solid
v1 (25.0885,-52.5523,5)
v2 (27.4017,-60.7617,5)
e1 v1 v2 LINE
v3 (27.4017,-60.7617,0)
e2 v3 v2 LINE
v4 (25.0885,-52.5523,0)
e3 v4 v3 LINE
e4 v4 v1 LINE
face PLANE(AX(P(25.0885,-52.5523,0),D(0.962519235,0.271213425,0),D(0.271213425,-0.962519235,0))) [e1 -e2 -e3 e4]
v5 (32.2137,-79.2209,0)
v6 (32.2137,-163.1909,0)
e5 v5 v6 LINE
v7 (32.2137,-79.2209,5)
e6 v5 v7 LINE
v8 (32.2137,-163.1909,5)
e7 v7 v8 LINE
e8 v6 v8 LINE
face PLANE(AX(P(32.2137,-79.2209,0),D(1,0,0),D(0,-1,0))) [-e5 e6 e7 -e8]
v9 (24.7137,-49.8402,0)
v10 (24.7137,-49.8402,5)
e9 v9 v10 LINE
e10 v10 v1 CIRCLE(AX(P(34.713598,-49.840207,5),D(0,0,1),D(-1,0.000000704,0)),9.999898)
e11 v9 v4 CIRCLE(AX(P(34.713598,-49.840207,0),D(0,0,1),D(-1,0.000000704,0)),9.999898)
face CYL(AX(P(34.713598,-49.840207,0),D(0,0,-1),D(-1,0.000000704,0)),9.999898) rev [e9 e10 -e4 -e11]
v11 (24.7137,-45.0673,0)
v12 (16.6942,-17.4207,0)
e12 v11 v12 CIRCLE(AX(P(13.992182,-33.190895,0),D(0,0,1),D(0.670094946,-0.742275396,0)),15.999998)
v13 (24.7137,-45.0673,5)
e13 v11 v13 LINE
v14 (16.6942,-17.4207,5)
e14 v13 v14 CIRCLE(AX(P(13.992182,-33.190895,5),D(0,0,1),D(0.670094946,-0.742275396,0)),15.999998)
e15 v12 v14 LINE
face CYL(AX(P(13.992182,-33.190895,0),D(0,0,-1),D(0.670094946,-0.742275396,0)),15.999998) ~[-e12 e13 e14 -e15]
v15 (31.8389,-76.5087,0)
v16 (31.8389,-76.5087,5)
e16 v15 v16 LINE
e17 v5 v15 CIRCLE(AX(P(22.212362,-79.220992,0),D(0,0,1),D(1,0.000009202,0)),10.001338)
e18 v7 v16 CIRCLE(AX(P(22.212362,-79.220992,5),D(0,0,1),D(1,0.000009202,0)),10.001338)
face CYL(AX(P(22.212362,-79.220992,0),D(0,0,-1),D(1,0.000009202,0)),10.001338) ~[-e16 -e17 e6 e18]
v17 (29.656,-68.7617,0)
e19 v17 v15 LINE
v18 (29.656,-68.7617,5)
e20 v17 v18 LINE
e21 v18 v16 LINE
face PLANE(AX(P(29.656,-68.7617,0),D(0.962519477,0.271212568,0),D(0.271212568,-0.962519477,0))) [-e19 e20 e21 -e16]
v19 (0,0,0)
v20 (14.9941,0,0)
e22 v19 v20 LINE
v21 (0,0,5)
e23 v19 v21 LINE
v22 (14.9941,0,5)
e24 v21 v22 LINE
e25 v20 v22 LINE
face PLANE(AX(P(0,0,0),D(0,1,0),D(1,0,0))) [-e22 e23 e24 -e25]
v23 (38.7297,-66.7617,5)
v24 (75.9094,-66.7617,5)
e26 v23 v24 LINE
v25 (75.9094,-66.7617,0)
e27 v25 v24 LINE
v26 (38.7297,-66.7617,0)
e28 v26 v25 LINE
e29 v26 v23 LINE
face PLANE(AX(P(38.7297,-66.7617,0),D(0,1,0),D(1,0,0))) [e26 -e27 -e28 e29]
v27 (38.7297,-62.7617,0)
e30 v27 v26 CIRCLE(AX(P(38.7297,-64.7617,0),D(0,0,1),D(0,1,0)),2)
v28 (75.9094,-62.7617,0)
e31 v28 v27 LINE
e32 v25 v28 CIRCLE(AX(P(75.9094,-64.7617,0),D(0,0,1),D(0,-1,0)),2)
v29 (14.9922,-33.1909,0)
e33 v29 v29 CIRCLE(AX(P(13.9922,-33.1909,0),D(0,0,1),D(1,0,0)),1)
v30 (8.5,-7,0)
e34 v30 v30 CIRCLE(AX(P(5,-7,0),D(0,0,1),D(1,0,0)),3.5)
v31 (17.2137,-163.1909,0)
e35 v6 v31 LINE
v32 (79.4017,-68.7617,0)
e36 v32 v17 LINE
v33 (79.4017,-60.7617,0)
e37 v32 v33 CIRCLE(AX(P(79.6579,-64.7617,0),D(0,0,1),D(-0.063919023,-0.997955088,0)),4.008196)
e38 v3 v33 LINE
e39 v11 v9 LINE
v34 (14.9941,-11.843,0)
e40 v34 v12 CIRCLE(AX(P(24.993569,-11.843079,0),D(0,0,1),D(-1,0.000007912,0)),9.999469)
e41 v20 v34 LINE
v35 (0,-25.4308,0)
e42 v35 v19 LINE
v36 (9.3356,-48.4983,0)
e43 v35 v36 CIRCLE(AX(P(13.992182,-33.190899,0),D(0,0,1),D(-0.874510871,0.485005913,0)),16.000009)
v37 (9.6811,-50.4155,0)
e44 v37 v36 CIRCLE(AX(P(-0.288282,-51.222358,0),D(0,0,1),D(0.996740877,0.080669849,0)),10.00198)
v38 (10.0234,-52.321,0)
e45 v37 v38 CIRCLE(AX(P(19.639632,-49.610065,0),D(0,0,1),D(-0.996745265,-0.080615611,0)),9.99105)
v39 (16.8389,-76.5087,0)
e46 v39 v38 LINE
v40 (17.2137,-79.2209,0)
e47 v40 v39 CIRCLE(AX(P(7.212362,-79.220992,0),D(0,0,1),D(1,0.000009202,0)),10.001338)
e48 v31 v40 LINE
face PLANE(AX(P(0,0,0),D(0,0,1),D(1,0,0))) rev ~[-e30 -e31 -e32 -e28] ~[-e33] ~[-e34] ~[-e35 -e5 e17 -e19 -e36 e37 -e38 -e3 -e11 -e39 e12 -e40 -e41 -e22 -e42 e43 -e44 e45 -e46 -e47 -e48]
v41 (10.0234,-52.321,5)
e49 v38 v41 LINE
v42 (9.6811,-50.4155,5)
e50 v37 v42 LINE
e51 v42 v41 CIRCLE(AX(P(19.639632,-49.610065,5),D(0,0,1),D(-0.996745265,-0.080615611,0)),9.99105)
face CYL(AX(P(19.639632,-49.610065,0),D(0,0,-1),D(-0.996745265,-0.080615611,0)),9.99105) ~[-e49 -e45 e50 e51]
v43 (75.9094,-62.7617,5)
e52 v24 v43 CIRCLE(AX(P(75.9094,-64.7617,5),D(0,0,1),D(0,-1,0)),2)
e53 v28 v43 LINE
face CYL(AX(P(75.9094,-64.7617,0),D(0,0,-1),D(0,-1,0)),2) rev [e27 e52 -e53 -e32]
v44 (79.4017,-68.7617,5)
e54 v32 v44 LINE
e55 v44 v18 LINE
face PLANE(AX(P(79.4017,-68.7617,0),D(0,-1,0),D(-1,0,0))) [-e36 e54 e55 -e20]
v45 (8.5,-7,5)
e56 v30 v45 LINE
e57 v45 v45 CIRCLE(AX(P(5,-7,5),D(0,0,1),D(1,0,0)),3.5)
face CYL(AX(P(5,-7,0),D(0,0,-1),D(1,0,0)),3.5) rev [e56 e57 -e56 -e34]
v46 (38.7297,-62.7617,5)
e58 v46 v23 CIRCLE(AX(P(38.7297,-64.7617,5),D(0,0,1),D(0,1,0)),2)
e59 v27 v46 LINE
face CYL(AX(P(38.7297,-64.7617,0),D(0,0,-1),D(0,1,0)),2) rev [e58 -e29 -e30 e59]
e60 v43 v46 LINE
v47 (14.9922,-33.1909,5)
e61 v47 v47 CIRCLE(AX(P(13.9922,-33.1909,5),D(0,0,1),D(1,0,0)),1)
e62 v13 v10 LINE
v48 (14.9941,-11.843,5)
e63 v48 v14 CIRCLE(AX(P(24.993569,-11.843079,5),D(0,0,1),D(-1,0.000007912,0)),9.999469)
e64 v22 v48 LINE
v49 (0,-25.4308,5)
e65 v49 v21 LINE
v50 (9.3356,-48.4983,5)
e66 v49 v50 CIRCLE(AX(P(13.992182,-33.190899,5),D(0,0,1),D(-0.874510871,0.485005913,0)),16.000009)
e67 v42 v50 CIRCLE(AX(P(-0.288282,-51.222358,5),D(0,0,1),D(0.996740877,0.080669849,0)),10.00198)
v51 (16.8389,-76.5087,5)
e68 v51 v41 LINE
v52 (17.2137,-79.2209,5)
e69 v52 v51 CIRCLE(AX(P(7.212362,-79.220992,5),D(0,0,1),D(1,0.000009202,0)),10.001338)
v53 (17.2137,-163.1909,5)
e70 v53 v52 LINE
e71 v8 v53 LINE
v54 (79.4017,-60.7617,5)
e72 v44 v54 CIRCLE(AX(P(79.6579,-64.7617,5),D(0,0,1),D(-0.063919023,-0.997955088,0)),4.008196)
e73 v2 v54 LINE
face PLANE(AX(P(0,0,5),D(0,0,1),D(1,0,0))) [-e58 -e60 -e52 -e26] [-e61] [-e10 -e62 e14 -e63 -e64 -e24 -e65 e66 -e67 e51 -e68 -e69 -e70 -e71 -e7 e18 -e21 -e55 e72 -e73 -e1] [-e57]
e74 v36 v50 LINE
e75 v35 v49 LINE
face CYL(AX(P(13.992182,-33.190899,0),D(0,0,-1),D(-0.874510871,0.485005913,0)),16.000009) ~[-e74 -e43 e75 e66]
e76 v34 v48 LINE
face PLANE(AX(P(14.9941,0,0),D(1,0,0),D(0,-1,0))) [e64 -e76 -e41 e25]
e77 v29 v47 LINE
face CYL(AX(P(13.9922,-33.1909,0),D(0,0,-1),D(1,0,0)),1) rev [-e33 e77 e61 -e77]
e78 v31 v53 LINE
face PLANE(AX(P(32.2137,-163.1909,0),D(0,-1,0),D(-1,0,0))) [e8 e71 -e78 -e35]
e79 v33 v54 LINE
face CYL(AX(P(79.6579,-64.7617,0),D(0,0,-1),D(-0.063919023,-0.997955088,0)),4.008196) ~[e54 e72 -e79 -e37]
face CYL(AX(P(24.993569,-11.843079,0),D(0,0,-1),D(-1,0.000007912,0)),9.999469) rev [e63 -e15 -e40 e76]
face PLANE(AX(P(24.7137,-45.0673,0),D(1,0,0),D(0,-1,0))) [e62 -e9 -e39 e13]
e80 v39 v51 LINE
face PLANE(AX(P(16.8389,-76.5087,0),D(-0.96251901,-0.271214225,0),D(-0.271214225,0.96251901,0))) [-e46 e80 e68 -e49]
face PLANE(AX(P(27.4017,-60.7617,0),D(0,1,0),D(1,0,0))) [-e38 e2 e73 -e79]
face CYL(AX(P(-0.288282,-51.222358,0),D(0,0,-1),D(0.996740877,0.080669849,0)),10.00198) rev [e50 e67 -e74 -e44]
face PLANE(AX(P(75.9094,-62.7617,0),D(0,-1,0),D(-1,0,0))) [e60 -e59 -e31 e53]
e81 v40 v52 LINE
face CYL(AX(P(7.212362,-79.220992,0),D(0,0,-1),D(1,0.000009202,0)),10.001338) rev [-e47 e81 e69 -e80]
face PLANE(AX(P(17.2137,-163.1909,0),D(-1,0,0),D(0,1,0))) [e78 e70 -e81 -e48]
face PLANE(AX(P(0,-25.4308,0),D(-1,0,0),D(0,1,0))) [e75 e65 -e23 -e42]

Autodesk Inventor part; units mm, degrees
ref_plane "YZ Plane" through (0, 0, 0) normal (1, 0, 0) x (0, 1, 0)
ref_plane "XZ Plane" through (0, 0, 0) normal (0, 1, 0) x (-1, 0, 0)
ref_plane "XY Plane" through (0, 0, 0) normal (0, 0, 1) x (1, 0, 0)
sketch "Boceto1" plane through (0, 0, 0) normal (0, 0, 1) x (1, 0, 0)
  circle A0 centre (5, -7) radius 3.5
  line L0 (38.7297, -66.7617) -> (75.9094, -66.7617)
  arc A1 (75.9094, -66.7617) -> (75.9094, -62.7617) centre (75.9094, -64.7617) ccw
  line L1 (75.9094, -62.7617) -> (38.7297, -62.7617)
  arc A2 (38.7297, -62.7617) -> (38.7297, -66.7617) centre (38.7297, -64.7617) ccw
  arc A3 (0, -25.4308) -> (9.3356, -48.4983) centre (13.9922, -33.1909) ccw
  line L2 (0, -25.4308) -> (0, 0)
  line L3 (0, 0) -> (14.9941, 0)
  line L4 (14.9941, 0) -> (14.9941, -11.843)
  arc A4 (14.9941, -11.843) -> (16.6942, -17.4207) centre (24.9941, -11.843) ccw
  line L5 (24.7137, -45.0673) -> (24.7137, -49.8402)
  arc A5 (24.7137, -49.8402) -> (25.0885, -52.5523) centre (34.7137, -49.8402) ccw
  line L6 (25.0885, -52.5523) -> (27.4017, -60.7617)
  line L7 (27.4017, -60.7617) -> (79.4017, -60.7617)
  arc A6 (79.4017, -68.7617) -> (79.4017, -60.7617) centre (79.6579, -64.7617) ccw
  line L8 (79.4017, -68.7617) -> (29.656, -68.7617)
  line L9 (29.656, -68.7617) -> (31.8389, -76.5087)
  arc A7 (32.2137, -79.2209) -> (31.8389, -76.5087) centre (22.2137, -79.2209) ccw
  line L10 (32.2137, -79.2209) -> (32.2137, -163.1909)
  line L11 (32.2137, -163.1909) -> (17.2137, -163.1909)
  line L12 (17.2137, -163.1909) -> (17.2137, -79.2209)
  arc A8 (17.2137, -79.2209) -> (16.8389, -76.5087) centre (7.2137, -79.2209) ccw
  line L13 (16.8389, -76.5087) -> (10.0234, -52.321)
  arc A9 (9.6811, -50.4155) -> (10.0234, -52.321) centre (19.6486, -49.6089) ccw
  arc A10 (9.6811, -50.4155) -> (9.3356, -48.4983) centre (-0.2863, -51.2221) ccw
  arc A11 (24.7137, -45.0673) -> (16.6942, -17.4207) centre (13.9922, -33.1909) ccw
  circle A12 centre (13.9922, -33.1909) radius 1
  point P0 (38.7297, -66.7617)
  point P1 (0, -25.4308)
  point P2 (9.3356, -48.4983)
  point P3 (9.6811, -50.4155)
  point P4 (31.8389, -76.5087)
  point P5 (25.0885, -52.5523)
  point P6 (16.6942, -17.4207)
  dimension "d0" = 2
extrude "Extrusión1" add sketch "Boceto1" along normal blind 5
properties part number "P5"
